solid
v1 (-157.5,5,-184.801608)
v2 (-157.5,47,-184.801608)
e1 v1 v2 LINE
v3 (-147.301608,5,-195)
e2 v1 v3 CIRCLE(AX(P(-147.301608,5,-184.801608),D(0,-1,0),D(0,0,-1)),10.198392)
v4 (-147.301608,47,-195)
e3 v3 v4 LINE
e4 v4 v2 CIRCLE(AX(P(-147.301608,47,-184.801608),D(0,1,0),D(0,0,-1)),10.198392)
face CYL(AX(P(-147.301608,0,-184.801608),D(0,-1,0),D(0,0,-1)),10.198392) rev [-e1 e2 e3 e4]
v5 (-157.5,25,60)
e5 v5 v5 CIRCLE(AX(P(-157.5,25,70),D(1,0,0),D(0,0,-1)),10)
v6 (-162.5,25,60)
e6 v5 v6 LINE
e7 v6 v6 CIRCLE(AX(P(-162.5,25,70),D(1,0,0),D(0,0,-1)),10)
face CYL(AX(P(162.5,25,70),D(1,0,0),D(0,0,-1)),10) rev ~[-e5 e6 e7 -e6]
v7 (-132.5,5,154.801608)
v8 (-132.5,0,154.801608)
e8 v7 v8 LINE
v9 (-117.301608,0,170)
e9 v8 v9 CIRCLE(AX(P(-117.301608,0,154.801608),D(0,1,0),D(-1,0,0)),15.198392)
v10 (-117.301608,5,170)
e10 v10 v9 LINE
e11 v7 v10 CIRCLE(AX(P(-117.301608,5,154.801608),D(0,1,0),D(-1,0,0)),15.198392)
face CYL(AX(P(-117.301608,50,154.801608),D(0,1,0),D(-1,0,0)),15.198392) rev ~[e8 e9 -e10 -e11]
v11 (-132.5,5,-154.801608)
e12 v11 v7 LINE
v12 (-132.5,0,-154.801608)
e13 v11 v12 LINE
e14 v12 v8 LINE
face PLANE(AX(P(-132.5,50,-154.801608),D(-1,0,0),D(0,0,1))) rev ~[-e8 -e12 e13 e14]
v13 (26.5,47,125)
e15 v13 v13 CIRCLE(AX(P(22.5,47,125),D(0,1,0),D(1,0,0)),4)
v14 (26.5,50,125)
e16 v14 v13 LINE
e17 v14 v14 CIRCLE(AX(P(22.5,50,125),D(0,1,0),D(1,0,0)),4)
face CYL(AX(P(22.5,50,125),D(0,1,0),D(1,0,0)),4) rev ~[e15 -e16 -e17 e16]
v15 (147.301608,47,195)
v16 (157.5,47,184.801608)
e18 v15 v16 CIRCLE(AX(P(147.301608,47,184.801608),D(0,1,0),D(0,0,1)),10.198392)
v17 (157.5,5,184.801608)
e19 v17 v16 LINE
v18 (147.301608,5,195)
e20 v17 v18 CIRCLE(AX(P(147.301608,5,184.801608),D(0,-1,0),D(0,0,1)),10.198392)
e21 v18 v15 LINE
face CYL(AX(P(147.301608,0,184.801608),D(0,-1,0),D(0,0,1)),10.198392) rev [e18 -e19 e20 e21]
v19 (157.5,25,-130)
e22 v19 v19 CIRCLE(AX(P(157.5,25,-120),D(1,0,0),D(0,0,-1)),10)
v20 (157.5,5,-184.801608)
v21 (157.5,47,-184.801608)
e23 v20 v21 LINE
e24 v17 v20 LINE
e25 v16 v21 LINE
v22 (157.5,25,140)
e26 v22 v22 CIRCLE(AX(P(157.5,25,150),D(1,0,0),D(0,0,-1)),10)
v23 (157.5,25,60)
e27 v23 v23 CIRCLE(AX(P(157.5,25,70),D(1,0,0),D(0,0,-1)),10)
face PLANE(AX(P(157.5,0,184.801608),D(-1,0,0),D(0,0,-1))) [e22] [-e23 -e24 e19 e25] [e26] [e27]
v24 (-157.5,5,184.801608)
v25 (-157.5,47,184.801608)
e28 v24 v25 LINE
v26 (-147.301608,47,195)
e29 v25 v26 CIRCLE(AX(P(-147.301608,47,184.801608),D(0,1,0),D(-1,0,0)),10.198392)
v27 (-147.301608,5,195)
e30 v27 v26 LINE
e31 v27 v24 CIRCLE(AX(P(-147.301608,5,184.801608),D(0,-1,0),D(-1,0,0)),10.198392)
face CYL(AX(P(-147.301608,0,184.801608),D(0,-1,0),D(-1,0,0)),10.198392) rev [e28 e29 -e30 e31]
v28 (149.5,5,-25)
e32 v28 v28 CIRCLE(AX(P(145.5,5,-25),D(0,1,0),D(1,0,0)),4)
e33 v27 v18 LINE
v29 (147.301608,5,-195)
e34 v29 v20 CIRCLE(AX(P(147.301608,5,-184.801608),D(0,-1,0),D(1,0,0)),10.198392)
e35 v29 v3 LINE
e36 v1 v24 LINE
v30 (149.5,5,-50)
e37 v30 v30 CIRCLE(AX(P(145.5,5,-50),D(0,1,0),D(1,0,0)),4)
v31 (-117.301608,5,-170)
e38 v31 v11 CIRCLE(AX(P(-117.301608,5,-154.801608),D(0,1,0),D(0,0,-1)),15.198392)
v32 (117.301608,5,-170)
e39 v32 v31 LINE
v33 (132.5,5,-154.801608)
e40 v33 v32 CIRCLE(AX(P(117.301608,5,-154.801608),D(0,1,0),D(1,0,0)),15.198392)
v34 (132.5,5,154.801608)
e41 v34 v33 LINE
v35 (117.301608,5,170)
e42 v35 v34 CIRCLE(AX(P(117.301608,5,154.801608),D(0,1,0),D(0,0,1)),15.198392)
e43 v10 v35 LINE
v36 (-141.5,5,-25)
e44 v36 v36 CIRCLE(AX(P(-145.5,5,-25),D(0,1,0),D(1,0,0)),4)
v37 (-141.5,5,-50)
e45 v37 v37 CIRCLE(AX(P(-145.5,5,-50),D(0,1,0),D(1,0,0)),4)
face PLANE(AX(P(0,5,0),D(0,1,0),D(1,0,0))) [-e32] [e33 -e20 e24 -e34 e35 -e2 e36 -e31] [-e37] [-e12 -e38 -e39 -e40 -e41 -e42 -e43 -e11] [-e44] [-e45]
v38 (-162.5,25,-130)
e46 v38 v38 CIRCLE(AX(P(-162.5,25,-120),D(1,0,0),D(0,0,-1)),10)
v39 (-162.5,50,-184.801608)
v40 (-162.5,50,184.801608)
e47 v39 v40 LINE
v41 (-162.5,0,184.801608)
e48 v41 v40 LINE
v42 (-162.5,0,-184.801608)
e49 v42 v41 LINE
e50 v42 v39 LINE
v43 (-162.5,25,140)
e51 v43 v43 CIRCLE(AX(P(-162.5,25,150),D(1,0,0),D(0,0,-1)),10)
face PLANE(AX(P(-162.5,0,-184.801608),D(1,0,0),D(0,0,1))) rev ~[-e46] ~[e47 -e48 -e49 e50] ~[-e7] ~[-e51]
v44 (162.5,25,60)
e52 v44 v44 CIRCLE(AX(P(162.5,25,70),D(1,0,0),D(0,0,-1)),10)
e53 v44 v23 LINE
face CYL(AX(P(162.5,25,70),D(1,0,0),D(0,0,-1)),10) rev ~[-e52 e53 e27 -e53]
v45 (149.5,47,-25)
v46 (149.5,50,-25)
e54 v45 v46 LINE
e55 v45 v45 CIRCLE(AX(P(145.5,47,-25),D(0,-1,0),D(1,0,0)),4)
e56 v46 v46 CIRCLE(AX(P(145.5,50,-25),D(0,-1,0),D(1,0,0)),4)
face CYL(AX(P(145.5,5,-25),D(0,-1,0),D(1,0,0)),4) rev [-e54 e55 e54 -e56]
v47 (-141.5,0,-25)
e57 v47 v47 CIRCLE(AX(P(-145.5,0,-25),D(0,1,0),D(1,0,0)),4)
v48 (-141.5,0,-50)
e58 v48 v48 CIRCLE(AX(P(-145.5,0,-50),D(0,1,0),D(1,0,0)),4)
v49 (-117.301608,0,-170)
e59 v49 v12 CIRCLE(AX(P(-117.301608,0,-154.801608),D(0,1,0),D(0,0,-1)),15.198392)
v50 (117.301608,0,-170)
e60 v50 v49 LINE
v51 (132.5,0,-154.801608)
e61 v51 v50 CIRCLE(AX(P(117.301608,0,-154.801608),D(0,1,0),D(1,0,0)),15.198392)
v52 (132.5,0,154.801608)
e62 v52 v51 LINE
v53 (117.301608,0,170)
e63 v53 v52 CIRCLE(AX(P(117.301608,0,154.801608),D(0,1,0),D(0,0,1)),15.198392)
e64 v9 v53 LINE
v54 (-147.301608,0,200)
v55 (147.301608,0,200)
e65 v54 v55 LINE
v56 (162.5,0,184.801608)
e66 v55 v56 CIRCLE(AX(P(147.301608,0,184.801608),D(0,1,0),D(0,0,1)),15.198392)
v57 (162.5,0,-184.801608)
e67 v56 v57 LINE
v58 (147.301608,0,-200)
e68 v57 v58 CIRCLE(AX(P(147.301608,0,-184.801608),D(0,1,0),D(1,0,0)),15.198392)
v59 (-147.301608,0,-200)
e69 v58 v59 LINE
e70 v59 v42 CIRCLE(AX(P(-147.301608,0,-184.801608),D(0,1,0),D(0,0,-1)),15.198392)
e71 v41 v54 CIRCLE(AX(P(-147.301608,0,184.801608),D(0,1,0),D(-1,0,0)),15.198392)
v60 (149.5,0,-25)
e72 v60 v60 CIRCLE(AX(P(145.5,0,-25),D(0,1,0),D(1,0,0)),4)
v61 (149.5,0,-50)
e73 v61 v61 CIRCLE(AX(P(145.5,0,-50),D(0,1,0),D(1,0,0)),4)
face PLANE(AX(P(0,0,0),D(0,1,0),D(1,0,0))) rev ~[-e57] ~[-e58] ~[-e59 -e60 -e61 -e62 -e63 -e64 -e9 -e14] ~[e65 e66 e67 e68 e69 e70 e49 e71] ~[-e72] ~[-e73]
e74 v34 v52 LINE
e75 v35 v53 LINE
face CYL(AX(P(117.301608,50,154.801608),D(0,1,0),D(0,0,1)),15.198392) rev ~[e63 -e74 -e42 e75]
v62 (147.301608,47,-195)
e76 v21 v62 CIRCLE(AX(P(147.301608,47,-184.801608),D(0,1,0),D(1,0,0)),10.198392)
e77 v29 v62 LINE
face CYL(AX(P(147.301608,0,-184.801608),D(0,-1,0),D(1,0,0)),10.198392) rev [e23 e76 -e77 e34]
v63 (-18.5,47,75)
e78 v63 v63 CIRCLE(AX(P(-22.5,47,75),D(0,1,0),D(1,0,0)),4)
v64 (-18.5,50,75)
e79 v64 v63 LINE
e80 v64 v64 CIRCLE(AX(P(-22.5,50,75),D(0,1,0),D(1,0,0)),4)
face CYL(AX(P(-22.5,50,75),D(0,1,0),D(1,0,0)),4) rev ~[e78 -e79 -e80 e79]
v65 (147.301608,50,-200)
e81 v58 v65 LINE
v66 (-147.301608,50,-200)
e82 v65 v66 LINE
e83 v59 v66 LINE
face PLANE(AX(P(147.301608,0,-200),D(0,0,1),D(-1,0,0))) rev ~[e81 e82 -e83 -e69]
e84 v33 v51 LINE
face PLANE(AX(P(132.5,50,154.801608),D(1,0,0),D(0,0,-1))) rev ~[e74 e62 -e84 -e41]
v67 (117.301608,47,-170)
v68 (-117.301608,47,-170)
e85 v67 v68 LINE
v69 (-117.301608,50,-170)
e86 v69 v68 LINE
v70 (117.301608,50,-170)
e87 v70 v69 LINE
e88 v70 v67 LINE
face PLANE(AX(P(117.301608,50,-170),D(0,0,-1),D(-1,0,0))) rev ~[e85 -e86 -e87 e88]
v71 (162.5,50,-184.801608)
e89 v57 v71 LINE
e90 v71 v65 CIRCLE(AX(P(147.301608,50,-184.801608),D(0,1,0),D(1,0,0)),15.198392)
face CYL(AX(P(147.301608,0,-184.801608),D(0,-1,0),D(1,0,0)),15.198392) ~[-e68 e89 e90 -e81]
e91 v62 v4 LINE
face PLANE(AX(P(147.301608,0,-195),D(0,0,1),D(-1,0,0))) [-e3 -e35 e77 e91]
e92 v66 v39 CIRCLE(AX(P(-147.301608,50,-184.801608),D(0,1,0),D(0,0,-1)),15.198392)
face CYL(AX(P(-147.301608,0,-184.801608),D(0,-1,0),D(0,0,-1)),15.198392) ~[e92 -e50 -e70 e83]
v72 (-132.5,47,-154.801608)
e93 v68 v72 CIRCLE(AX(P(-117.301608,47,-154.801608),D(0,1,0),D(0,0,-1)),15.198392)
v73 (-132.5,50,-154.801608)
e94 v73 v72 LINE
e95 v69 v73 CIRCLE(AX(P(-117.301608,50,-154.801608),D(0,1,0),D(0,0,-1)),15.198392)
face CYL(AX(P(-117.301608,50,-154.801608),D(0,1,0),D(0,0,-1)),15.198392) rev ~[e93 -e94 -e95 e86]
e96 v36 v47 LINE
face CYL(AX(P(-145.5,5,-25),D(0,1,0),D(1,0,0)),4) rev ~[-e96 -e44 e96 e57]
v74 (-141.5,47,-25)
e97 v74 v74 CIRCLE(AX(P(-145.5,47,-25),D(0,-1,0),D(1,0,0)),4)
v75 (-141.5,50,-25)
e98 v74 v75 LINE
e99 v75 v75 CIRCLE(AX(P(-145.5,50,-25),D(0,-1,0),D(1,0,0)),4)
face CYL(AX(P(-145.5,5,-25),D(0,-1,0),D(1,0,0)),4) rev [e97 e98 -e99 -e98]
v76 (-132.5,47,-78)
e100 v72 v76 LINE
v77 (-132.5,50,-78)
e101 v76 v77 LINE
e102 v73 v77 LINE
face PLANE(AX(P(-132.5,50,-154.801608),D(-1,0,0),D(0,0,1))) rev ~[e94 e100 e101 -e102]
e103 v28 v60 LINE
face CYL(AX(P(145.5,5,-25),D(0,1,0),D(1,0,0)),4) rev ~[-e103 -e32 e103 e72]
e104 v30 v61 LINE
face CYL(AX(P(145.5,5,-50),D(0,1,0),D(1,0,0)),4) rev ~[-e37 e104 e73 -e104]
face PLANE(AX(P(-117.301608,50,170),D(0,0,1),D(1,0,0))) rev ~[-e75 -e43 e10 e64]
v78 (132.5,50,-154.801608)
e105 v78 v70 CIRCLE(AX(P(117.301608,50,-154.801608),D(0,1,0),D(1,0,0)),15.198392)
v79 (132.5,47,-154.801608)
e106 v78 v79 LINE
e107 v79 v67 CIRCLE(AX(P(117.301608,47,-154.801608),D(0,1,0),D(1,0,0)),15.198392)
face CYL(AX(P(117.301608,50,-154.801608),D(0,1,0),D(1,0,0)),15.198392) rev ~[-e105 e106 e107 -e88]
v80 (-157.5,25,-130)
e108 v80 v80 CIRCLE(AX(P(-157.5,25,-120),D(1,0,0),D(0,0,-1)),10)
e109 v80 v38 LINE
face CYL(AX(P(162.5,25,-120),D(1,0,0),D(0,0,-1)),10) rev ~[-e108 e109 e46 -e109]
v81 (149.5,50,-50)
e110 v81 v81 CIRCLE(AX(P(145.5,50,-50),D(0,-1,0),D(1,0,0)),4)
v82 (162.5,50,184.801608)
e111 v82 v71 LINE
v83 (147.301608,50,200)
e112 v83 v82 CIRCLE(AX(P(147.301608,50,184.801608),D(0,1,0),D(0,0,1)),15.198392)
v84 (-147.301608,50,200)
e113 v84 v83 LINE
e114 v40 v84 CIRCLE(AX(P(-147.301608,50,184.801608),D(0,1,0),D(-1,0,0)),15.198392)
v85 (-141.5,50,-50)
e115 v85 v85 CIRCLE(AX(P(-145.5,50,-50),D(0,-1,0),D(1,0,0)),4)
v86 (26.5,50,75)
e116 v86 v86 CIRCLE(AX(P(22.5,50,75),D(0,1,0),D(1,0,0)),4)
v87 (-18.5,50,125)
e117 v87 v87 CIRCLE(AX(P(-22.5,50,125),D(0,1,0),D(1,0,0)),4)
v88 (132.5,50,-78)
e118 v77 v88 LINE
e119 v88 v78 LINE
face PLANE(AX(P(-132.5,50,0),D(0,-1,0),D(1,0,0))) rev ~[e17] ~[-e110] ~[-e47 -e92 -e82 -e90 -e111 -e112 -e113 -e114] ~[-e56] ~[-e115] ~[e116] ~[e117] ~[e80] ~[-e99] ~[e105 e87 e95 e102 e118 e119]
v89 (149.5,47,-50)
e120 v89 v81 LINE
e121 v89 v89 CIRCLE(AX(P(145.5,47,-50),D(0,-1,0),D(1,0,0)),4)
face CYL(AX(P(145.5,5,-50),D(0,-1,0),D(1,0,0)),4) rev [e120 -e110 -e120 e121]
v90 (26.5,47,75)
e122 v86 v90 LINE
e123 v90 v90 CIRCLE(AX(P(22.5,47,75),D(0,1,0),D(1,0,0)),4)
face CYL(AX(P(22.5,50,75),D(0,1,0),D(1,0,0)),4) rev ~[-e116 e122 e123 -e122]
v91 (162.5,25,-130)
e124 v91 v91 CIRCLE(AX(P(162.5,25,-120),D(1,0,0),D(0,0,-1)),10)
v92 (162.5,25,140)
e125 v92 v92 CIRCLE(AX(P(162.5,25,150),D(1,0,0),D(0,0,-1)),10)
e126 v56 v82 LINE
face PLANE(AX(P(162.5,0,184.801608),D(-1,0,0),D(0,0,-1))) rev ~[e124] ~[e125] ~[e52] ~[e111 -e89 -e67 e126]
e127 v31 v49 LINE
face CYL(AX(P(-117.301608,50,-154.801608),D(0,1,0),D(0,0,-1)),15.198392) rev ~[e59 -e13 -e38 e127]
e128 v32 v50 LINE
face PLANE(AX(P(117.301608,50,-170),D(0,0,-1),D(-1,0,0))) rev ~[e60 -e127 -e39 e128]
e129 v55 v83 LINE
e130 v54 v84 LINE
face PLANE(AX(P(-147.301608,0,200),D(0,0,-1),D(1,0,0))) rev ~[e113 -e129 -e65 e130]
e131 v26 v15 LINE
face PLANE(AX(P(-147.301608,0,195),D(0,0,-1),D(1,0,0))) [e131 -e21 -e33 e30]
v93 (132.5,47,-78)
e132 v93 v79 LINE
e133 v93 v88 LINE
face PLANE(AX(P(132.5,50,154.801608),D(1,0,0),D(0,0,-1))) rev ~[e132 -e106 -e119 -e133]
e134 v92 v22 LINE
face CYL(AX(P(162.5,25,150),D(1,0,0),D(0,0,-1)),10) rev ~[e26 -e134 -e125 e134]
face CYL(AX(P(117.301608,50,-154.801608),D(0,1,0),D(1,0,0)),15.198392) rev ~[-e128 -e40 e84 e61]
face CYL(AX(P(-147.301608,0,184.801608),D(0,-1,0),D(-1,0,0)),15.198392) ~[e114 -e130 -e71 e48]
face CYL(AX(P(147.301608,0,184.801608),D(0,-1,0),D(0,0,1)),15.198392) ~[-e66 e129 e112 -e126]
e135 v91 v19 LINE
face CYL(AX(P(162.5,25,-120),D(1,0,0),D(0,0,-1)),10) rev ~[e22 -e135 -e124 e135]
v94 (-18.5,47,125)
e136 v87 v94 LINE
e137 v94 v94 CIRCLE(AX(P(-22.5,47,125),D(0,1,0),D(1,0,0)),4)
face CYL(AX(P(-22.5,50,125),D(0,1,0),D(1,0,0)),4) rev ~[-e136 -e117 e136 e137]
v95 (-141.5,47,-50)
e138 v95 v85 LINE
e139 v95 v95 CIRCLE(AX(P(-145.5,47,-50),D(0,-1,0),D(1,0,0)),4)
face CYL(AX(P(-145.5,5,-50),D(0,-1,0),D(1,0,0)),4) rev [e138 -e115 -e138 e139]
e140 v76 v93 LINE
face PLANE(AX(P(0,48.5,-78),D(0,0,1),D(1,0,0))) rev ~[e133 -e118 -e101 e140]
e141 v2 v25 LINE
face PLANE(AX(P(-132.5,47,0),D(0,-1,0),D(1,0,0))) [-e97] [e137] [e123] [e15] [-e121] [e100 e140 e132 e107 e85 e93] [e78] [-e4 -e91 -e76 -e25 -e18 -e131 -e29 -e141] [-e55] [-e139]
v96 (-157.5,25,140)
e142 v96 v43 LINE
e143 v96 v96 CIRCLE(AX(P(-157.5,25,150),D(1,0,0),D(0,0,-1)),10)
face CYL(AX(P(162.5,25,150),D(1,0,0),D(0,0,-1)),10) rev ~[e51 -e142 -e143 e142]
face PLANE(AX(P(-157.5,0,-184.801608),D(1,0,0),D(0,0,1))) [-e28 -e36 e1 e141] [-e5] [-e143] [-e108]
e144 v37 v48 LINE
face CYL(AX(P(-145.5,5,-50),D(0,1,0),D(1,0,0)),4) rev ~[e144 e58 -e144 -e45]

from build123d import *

# Parameters (mm, degrees)
BOSS_EXTRUDE1_DEPTH     = 50
SHELL1_T                = -5
SKETCH2_R               = 10
CUT_EXTRUDE1_DEPTH      = 325
BOSS_EXTRUDE2_DEPTH     = 3
CUT_EXTRUDE2_DEPTH      = 50
SKETCH6_R               = 4
CUT_EXTRUDE3_DEPTH      = 46
CUT_EXTRUDE3_DEPTH_BACK = 6
SKETCH7_W               = 265
SKETCH7_H               = 3
BOSS_EXTRUDE4_DEPTH     = 187
SKETCH8_R               = 4
CUT_EXTRUDE4_DEPTH      = 3
SKETCH7_2_W             = 265
SKETCH7_2_H             = 3
BOSS_EXTRUDE5_DEPTH     = 78


with BuildPart() as part:
    # Sketch1 → Boss-Extrude1 (new body)
    with BuildSketch(Plane(origin=(0, 0, 0), x_dir=(1, 0, 0), z_dir=(0, 1, 0))):
        with BuildLine():
            Line((-147.30160795, -200), (147.30160795, -200))
            ThreePointArc((147.30160795, -200), (158.048494032, -195.548494032), (162.5, -184.80160795))
            Line((162.5, -184.80160795), (162.5, 184.80160795))
            ThreePointArc((162.5, 184.80160795), (158.048494032, 195.548494032), (147.30160795, 200))
            Line((147.30160795, 200), (-147.30160795, 200))
            ThreePointArc((-147.30160795, 200), (-158.048494032, 195.548494032), (-162.5, 184.80160795))
            Line((-162.5, 184.80160795), (-162.5, -184.80160795))
            ThreePointArc((-162.5, -184.80160795), (-158.048494032, -195.548494032), (-147.30160795, -200))
        make_face()
    extrude(amount=BOSS_EXTRUDE1_DEPTH)

    # Shell1
    shell1_openings = [part.faces().sort_by_distance(p)[0] for p in [
        (0, 50, 0),
    ]]
    offset(amount=SHELL1_T, openings=shell1_openings, kind=Kind.INTERSECTION)

    # Sketch2 → Cut-Extrude1 (cut)
    with BuildSketch(Plane(origin=(162.5, 0, 0), x_dir=(0, 0, -1), z_dir=(1, 0, 0))):
        with Locations((-150, 25)):
            Circle(SKETCH2_R)
        with Locations((120, 25)):
            Circle(SKETCH2_R)
        with Locations((-70, 25)):
            Circle(SKETCH2_R)
    extrude(amount=-CUT_EXTRUDE1_DEPTH, mode=Mode.SUBTRACT)

    # Sketch3 → Boss-Extrude2 (add)
    with BuildSketch(Plane(origin=(0, 50, 0), x_dir=(1, 0, 0), z_dir=(0, 1, 0))):
        with BuildLine():
            Line((147.30160795, 195), (-147.30160795, 195))
            ThreePointArc((-147.30160795, 195), (-154.512960126, 192.012960126), (-157.5, 184.80160795))
            Line((-157.5, 184.80160795), (-157.5, -184.80160795))
            ThreePointArc((-157.5, -184.80160795), (-154.512960126, -192.012960126), (-147.30160795, -195))
            Line((-147.30160795, -195), (147.30160795, -195))
            ThreePointArc((147.30160795, -195), (154.512960126, -192.012960126), (157.5, -184.80160795))
            Line((157.5, -184.80160795), (157.5, 184.80160795))
            ThreePointArc((157.5, 184.80160795), (154.512960126, 192.012960126), (147.30160795, 195))
        make_face()
    extrude(amount=-BOSS_EXTRUDE2_DEPTH)

    # Sketch4 → Cut-Extrude2 (cut)
    with BuildSketch(Plane(origin=(0, 50, 0), x_dir=(1, 0, 0), z_dir=(0, 1, 0))):
        with BuildLine():
            Line((-117.30160795, -170), (117.30160795, -170))
            ThreePointArc((117.30160795, -170), (128.048494032, -165.548494032), (132.5, -154.80160795))
            Line((132.5, -154.80160795), (132.5, 154.80160795))
            ThreePointArc((132.5, 154.80160795), (128.048494032, 165.548494032), (117.30160795, 170))
            Line((117.30160795, 170), (-117.30160795, 170))
            ThreePointArc((-117.30160795, 170), (-128.048494032, 165.548494032), (-132.5, 154.80160795))
            Line((-132.5, 154.80160795), (-132.5, -154.80160795))
            ThreePointArc((-132.5, -154.80160795), (-128.048494032, -165.548494032), (-117.30160795, -170))
        make_face()
    extrude(amount=-CUT_EXTRUDE2_DEPTH, mode=Mode.SUBTRACT)

    # Sketch6 → Cut-Extrude3 (cut, two sides)
    with BuildSketch(Plane(origin=(0, 5, 0), x_dir=(1, 0, 0), z_dir=(0, 1, 0))) as cut_extrude3_sk:
        with Locations((-145.5, 50)):
            Circle(SKETCH6_R)
        with Locations((-145.5, 25)):
            Circle(SKETCH6_R)
        with Locations((145.5, 25)):
            Circle(SKETCH6_R)
        with Locations((145.5, 50)):
            Circle(SKETCH6_R)
    extrude(amount=CUT_EXTRUDE3_DEPTH, mode=Mode.SUBTRACT)
    extrude(cut_extrude3_sk.sketch, amount=-CUT_EXTRUDE3_DEPTH_BACK, mode=Mode.SUBTRACT)

    # Sketch7 → Boss-Extrude4 (add)
    with BuildSketch(Plane.XY):
        with Locations((0, 48.5)):
            Rectangle(SKETCH7_W, SKETCH7_H)
    extrude(amount=BOSS_EXTRUDE4_DEPTH)

    # Sketch8 → Cut-Extrude4 (cut)
    with BuildSketch(Plane(origin=(0, 50, 0), x_dir=(1, 0, 0), z_dir=(0, 1, 0))):
        with Locations((-22.5, -125)):
            Circle(SKETCH8_R)
        with Locations((-22.5, -75)):
            Circle(SKETCH8_R)
        with Locations((22.5, -125)):
            Circle(SKETCH8_R)
        with Locations((22.5, -75)):
            Circle(SKETCH8_R)
    extrude(amount=-CUT_EXTRUDE4_DEPTH, mode=Mode.SUBTRACT)

    # Sketch7<2> → Boss-Extrude5 (add)
    with BuildSketch(Plane.XY):
        with Locations((0, 48.5)):
            Rectangle(SKETCH7_2_W, SKETCH7_2_H)
    extrude(amount=-BOSS_EXTRUDE5_DEPTH)


solid = part.part
